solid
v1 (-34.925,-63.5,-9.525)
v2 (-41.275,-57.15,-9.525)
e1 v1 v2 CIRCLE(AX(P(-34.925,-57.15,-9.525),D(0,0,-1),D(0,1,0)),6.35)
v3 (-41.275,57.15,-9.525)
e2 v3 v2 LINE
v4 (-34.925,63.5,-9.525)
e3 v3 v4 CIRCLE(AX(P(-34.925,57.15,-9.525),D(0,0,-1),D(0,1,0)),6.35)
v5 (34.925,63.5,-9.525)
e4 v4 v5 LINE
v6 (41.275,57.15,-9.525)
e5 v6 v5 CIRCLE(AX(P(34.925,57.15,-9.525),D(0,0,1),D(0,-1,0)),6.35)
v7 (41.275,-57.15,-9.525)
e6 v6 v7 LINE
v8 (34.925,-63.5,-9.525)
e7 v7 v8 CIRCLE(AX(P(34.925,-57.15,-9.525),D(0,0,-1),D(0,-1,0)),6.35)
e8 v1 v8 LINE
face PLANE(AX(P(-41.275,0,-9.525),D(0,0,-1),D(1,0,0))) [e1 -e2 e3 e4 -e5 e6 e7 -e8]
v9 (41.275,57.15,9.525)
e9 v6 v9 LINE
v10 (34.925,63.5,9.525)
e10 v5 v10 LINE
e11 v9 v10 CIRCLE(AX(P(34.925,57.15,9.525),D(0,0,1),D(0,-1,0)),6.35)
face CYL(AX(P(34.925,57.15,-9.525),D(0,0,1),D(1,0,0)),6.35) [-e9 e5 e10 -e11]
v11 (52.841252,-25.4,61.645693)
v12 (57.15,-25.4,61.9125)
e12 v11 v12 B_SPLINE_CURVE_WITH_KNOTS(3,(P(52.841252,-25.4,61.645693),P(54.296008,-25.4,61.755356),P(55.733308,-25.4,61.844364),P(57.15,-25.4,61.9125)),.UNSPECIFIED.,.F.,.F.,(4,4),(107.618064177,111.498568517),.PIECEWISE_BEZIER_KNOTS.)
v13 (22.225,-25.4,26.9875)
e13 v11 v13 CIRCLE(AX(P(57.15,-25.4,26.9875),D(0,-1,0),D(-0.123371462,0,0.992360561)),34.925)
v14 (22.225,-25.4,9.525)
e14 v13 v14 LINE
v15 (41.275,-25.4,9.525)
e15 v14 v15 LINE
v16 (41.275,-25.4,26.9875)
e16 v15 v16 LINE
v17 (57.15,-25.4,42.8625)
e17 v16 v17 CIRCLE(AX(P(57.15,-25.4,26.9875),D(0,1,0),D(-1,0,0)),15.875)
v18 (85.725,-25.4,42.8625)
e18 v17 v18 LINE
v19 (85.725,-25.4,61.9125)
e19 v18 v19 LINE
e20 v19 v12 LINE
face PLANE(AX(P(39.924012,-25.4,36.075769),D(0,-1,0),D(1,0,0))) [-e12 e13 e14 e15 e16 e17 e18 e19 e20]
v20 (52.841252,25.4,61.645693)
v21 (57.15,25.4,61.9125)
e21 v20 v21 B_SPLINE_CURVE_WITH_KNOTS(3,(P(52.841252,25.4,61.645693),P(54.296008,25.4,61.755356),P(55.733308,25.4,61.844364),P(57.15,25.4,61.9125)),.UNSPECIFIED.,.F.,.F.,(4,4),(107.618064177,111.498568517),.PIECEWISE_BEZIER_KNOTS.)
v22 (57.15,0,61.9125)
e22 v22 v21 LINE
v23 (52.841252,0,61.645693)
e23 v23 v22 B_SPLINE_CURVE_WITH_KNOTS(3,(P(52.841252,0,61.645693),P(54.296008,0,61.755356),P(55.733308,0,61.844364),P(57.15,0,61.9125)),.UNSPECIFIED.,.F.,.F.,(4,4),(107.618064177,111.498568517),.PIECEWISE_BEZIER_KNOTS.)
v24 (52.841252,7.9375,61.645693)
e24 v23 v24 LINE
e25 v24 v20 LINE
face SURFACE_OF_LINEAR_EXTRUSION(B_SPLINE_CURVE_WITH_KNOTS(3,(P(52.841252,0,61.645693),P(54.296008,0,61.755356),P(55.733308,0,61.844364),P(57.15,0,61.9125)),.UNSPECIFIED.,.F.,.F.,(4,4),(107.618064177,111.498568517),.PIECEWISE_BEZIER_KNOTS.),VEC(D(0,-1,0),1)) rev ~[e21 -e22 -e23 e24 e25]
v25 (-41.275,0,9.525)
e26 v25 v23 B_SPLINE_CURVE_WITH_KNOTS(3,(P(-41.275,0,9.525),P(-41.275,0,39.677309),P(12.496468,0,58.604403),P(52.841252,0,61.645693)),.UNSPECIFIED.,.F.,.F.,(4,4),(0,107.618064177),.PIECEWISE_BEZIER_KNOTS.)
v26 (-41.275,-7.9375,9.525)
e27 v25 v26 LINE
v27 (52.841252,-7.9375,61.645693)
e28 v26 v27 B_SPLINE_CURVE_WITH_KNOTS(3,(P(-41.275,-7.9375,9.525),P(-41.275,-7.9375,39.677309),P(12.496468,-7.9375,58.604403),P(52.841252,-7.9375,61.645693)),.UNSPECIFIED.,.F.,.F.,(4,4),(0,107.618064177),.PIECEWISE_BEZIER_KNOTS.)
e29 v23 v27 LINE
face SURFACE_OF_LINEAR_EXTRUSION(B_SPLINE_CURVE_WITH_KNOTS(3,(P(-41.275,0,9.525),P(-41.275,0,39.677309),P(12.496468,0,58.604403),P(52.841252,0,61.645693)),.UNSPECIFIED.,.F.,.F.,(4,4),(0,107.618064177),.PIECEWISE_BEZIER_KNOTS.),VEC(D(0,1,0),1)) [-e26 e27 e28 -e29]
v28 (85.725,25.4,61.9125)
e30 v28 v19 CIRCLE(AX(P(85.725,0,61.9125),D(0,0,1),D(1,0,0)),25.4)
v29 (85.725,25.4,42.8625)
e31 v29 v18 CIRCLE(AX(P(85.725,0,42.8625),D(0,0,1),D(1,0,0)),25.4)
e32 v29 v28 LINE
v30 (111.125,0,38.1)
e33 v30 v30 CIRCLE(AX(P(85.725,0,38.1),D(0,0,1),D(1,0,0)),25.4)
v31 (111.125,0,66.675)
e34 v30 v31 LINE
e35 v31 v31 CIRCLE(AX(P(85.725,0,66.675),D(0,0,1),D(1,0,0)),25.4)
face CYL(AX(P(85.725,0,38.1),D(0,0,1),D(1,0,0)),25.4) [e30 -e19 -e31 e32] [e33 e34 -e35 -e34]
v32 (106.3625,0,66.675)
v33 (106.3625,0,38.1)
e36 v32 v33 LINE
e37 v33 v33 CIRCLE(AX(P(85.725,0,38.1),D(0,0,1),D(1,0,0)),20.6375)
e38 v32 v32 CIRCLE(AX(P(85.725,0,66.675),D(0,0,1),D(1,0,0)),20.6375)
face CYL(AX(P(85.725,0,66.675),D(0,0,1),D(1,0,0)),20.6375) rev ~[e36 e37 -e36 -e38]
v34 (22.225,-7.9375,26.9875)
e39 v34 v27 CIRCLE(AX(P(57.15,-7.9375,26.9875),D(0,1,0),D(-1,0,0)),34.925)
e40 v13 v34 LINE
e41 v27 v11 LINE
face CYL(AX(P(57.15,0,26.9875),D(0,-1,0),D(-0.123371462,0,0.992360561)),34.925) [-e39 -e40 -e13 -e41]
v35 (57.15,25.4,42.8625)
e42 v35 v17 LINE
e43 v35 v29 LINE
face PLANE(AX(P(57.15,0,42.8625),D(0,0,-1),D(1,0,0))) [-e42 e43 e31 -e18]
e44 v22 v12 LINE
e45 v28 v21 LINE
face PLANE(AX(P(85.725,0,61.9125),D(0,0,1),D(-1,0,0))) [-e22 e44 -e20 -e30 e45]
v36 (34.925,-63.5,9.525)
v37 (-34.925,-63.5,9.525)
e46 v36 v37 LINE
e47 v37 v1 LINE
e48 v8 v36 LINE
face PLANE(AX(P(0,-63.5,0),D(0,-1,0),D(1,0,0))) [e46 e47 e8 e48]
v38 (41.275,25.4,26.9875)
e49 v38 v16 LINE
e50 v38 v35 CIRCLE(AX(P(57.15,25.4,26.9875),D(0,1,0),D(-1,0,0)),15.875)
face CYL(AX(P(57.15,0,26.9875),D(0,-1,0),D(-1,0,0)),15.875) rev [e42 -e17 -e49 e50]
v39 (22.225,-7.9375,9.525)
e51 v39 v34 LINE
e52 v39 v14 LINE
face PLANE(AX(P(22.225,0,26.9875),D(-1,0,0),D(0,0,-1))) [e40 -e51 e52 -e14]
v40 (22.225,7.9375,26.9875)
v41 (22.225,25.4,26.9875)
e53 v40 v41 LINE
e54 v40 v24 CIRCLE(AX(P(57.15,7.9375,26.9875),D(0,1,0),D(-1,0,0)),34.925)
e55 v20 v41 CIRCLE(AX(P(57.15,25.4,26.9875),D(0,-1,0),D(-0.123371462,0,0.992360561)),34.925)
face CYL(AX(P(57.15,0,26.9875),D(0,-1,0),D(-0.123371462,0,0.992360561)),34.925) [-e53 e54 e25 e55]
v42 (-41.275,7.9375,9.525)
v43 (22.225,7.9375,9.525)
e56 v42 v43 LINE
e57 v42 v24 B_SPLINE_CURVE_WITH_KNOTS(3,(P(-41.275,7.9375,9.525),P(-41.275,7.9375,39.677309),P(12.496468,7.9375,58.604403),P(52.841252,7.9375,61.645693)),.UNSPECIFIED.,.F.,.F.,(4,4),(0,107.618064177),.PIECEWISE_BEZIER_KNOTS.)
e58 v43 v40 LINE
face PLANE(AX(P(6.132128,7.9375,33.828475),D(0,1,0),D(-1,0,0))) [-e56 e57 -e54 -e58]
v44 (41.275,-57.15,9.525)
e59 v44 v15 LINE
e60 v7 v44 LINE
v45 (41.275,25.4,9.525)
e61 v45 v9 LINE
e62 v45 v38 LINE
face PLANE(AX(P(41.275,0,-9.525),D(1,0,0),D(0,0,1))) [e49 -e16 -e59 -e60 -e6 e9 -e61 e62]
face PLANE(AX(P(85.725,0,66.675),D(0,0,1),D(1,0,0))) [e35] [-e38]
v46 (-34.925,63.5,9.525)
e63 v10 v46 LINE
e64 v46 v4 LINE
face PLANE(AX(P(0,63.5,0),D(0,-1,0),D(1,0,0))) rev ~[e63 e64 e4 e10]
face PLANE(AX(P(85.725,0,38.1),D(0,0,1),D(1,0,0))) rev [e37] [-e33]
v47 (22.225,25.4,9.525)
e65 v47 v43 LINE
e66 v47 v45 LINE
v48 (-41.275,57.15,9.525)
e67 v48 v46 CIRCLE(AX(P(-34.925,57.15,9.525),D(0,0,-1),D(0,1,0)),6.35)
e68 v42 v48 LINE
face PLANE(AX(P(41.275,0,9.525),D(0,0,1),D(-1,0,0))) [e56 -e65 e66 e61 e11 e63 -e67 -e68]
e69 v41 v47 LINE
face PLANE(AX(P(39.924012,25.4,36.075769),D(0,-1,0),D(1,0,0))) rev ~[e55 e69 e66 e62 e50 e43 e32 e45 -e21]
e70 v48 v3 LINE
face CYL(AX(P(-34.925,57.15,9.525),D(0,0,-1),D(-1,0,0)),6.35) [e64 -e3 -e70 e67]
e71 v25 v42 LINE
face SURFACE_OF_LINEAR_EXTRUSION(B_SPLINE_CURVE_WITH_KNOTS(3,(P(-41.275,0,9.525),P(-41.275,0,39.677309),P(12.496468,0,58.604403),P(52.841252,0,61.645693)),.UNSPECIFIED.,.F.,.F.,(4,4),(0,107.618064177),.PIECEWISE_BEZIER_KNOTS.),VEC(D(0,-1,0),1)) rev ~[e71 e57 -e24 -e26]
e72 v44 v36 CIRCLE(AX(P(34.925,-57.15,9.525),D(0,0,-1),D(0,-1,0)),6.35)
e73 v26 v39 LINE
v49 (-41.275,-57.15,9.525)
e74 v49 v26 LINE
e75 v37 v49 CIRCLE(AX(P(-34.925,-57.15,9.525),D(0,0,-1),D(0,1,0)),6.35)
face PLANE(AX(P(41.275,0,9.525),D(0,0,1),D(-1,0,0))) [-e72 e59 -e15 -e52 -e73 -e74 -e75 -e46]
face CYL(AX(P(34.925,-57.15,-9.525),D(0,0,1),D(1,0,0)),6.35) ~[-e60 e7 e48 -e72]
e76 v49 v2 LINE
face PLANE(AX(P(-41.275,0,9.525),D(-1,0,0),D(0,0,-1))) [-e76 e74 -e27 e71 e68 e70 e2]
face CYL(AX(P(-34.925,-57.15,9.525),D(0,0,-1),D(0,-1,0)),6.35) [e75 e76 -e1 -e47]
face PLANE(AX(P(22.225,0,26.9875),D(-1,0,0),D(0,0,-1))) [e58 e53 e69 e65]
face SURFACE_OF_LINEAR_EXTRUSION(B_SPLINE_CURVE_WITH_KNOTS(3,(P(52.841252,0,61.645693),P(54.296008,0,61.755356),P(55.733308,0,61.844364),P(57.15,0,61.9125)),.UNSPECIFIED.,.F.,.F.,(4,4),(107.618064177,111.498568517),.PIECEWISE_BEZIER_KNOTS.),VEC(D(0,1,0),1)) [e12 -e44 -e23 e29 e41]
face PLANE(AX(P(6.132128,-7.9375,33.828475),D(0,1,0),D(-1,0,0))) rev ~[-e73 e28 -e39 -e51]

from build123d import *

# Parameters (mm, degrees)
F1_DEPTH = 63.5
F0_W     = 25.4
F0_H     = 19.05
F2_DEPTH = 25.4
F3_DEPTH = 7.9375
F5_R     = 6.35
F6_R     = 20.6375
F7_DEPTH = 28.575


with BuildPart() as f1:
    # F0 (on Front) → F1 (new body, symmetric)
    with BuildSketch(Plane.XZ):
        Polygon((22.225, 9.525), (-41.275, 9.525), (-41.275, -9.525), (41.275, -9.525), (41.275, 9.525), align=None)
    extrude(amount=F1_DEPTH, both=True)

    # F0 (on Front) → F2 (join, symmetric)
    with BuildSketch(Plane.XZ):
        with BuildLine():
            Line((22.225, 26.9875), (22.225, 9.525))
            Line((22.225, 9.525), (41.275, 9.525))
            Line((41.275, 9.525), (41.275, 26.9875))
            ThreePointArc((41.275, 26.9875), (45.9246798487, 38.2128201513), (57.15, 42.8625))
            Line((57.15, 42.8625), (60.325, 42.8625))
            Line((60.325, 42.8625), (60.325, 61.9125))
            Line((60.325, 61.9125), (57.15, 61.9125))
            add(Edge.make_bspline(
                [(52.8412517036, 61.645692583), (54.2960084782, 61.7553557468), (55.7333080452, 61.8443643855), (57.15, 61.9125)],
                knots=[107.618064177, 107.618064177, 107.618064177, 107.618064177, 111.4985685166, 111.4985685166, 111.4985685166, 111.4985685166], degree=3))
            ThreePointArc((52.8412517036, 61.645692583), (30.9752157673, 50.1097035147), (22.225, 26.9875))
        make_face()
        with Locations((73.025, 52.3875)):
            Rectangle(F0_W, F0_H)
    extrude(amount=F2_DEPTH, both=True)

    # F0 (on Front) → F3 (join, symmetric)
    with BuildSketch(Plane.XZ):
        with BuildLine():
            add(Edge.make_bspline(
                [(-41.275, 9.525), (-41.275, 39.6773087956), (12.4964680785, 58.6044030066), (52.8412517036, 61.645692583)],
                knots=[0, 0, 0, 0, 107.618064177, 107.618064177, 107.618064177, 107.618064177], degree=3))
            Line((-41.275, 9.525), (22.225, 9.525))
            Line((22.225, 9.525), (22.225, 26.9875))
            ThreePointArc((22.225, 26.9875), (30.9752157673, 50.1097035147), (52.8412517036, 61.645692583))
        make_face()
    extrude(amount=F3_DEPTH, both=True)

    # F0 (on Front) → F4 (revolve)
    with BuildSketch(Plane.XZ):
        Polygon((85.725, 66.675), (85.725, 61.9125), (85.725, 42.8625), (85.725, 38.1), (111.125, 38.1), (111.125, 66.675), align=None)
    revolve(axis=Axis((85.725, 0, 52.3875), (0, 0, 1)))

    # F5
    f5_edges = [f1.edges().sort_by_distance(p)[0] for p in [
        (41.275, -63.5, 0),
        (-41.275, -63.5, 0),
        (41.275, 63.5, 0),
        (-41.275, 63.5, 0),
    ]]
    fillet(f5_edges, radius=F5_R)

    # F6 (on face) → F7 (cut, through all)
    with BuildSketch(Plane.XY.offset(66.675)):
        with Locations((85.725, 0)):
            Circle(F6_R)
    extrude(amount=-F7_DEPTH, mode=Mode.SUBTRACT)


solid = f1.part
